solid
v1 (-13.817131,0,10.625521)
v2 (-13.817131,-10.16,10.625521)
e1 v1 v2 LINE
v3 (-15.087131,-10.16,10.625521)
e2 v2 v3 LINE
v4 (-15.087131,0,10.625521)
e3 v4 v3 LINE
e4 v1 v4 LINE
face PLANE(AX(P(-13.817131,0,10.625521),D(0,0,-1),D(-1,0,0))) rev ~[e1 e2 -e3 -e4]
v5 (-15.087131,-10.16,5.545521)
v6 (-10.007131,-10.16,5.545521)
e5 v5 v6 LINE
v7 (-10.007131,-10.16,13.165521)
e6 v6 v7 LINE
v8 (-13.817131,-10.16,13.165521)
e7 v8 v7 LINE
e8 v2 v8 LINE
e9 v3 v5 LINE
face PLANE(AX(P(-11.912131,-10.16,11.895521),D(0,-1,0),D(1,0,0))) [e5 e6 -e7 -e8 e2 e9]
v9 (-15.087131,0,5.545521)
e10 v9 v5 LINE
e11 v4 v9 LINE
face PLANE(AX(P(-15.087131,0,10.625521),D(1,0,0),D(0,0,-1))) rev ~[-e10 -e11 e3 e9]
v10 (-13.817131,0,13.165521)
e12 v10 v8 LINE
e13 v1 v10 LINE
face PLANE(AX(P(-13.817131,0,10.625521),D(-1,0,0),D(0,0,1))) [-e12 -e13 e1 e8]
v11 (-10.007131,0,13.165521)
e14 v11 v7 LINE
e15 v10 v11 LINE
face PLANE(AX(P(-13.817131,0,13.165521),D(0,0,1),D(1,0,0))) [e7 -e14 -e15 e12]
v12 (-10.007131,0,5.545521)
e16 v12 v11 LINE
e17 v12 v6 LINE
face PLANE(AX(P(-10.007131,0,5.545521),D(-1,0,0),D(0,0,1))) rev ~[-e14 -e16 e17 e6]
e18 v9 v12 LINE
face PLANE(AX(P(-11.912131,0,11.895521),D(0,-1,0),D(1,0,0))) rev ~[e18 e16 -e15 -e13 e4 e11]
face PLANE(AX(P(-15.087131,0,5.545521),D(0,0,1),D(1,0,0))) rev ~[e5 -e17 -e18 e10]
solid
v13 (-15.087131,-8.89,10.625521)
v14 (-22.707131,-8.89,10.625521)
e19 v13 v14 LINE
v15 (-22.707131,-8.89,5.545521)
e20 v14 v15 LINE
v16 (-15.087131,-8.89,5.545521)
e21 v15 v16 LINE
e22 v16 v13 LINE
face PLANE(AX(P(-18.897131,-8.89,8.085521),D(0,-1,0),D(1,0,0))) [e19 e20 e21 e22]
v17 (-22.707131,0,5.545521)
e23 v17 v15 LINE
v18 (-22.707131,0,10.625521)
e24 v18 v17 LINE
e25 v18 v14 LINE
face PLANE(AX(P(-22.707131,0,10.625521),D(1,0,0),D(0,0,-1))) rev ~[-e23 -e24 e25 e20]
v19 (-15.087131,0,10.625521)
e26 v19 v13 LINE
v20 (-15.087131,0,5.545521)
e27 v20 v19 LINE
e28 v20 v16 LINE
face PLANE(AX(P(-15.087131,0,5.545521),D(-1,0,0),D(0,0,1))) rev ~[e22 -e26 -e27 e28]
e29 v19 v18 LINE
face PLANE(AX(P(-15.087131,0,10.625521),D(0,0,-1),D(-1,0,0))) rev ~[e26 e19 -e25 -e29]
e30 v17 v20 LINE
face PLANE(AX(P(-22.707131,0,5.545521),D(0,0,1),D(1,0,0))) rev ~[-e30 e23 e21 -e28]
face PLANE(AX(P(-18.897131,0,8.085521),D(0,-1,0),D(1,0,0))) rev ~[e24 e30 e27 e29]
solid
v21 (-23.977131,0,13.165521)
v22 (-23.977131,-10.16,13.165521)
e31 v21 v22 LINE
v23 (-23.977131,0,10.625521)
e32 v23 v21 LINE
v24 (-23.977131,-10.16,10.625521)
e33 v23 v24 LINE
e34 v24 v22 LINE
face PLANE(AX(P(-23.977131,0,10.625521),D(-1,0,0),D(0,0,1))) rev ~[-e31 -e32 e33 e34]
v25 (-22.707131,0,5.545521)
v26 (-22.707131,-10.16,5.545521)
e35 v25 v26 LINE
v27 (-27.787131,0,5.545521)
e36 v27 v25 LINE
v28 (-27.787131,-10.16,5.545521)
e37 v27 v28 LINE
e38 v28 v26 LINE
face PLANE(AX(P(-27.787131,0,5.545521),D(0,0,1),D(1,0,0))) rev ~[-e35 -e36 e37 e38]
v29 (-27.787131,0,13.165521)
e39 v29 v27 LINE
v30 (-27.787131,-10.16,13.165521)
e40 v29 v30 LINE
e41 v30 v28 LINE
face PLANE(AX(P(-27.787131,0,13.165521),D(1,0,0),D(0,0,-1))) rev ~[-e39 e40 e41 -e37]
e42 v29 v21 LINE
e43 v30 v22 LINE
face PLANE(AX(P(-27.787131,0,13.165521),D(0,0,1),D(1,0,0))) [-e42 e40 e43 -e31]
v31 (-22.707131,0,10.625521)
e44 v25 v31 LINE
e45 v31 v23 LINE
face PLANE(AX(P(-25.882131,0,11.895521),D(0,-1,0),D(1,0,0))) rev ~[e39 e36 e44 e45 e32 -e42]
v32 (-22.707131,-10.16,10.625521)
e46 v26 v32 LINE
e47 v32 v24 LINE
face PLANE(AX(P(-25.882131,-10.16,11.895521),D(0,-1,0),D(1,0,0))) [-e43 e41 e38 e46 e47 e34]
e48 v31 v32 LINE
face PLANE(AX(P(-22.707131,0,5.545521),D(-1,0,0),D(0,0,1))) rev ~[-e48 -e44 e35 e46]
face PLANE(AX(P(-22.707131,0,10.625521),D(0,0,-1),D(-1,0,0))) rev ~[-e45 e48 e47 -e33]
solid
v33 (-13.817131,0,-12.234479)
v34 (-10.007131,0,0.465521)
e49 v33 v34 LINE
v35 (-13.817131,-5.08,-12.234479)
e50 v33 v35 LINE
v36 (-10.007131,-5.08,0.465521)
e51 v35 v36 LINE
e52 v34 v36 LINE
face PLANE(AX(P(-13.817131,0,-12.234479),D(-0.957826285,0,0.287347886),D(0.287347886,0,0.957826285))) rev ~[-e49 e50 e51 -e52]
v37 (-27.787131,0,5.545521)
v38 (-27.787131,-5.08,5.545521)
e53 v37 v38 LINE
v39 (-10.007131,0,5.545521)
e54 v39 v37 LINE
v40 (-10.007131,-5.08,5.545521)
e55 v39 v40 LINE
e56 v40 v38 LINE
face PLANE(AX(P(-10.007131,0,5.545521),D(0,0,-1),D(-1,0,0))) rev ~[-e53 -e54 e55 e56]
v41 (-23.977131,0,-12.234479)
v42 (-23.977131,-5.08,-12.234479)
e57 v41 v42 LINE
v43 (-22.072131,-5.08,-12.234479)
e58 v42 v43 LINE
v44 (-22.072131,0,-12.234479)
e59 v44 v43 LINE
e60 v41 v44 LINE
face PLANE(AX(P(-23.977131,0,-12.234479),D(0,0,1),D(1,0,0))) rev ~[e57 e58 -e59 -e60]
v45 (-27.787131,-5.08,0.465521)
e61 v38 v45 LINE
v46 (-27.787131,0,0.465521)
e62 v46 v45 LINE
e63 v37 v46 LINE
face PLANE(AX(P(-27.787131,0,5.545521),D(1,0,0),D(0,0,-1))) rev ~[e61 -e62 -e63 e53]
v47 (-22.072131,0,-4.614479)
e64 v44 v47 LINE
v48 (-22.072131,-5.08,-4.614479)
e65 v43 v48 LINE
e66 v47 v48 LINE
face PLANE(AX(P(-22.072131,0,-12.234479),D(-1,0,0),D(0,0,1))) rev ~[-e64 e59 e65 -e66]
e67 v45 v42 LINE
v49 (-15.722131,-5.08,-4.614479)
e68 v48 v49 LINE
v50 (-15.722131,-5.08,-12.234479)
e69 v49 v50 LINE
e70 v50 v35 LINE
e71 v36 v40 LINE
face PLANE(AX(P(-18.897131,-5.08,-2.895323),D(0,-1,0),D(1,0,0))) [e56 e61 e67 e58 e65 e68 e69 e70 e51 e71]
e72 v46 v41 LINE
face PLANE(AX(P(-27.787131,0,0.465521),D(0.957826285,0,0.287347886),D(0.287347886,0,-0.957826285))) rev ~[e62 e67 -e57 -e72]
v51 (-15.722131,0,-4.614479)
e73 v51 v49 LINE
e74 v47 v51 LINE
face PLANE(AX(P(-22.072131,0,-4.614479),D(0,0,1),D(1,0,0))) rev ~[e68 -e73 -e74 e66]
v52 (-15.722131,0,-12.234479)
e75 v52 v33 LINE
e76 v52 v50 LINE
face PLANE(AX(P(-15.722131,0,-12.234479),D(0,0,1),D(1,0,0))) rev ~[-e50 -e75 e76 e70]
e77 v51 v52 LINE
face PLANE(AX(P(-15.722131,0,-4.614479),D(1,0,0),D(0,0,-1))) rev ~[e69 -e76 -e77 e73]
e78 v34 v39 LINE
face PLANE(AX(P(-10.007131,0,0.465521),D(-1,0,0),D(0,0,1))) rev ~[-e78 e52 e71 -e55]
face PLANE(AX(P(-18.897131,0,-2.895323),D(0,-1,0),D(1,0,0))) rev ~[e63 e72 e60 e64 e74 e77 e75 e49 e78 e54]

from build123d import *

# Parameters (mm, degrees)
F0_W     = 3.81
F0_H     = 2.54
F1_DEPTH = 10.16
F2_DEPTH = 8.89
F3_DEPTH = 5.08


with BuildPart() as f1:
    # F0 (on Front) → F1 (new body)
    with BuildSketch(Plane.XZ):
        with Locations((-25.8821314108, 11.8955207688)):
            Rectangle(F0_W, F0_H)
        Polygon((-27.7871314108, 5.5455207688), (-22.7071314108, 5.5455207688), (-22.7071314108, 10.6255207688), (-23.9771314108, 10.6255207688), (-27.7871314108, 10.6255207688), align=None)
    extrude(amount=F1_DEPTH)


with BuildPart() as f1b:
    # F0 (on Front) → F1, piece 2 (new body)
    with BuildSketch(Plane.XZ):
        with Locations((-11.9121314108, 11.8955207688)):
            Rectangle(F0_W, F0_H)
        Polygon((-10.0071314108, 5.5455207688), (-10.0071314108, 10.6255207688), (-13.8171314108, 10.6255207688), (-15.0871314108, 10.6255207688), (-15.0871314108, 5.5455207688), align=None)
    extrude(amount=F1_DEPTH)


with BuildPart() as f2:
    # F0 (on Front) → F2 (new body)
    with BuildSketch(Plane.XZ):
        Polygon((-18.8971314108, 5.5455207688), (-15.0871314108, 5.5455207688), (-15.0871314108, 10.6255207688), (-18.8971314108, 10.6255207688), (-22.7071314108, 10.6255207688), (-22.7071314108, 5.5455207688), align=None)
    extrude(amount=F2_DEPTH)


with BuildPart() as f3:
    # F0 (on Front) → F3 (new body)
    with BuildSketch(Plane.XZ):
        Polygon((-10.0071314108, 0.4655207688), (-10.0071314108, 5.5455207688), (-15.0871314108, 5.5455207688), (-18.8971314108, 5.5455207688), (-22.7071314108, 5.5455207688), (-27.7871314108, 5.5455207688), (-27.7871314108, 0.4655207688), (-23.9771314108, -12.2344792312), (-22.0721314108, -12.2344792312), (-22.0721314108, -4.6144792312), (-18.8971314108, -4.6144792312), (-15.7221314108, -4.6144792312), (-15.7221314108, -12.2344792312), (-13.8171314108, -12.2344792312), align=None)
    extrude(amount=F3_DEPTH)


solid = Compound([f1.part, f1b.part, f2.part, f3.part])
